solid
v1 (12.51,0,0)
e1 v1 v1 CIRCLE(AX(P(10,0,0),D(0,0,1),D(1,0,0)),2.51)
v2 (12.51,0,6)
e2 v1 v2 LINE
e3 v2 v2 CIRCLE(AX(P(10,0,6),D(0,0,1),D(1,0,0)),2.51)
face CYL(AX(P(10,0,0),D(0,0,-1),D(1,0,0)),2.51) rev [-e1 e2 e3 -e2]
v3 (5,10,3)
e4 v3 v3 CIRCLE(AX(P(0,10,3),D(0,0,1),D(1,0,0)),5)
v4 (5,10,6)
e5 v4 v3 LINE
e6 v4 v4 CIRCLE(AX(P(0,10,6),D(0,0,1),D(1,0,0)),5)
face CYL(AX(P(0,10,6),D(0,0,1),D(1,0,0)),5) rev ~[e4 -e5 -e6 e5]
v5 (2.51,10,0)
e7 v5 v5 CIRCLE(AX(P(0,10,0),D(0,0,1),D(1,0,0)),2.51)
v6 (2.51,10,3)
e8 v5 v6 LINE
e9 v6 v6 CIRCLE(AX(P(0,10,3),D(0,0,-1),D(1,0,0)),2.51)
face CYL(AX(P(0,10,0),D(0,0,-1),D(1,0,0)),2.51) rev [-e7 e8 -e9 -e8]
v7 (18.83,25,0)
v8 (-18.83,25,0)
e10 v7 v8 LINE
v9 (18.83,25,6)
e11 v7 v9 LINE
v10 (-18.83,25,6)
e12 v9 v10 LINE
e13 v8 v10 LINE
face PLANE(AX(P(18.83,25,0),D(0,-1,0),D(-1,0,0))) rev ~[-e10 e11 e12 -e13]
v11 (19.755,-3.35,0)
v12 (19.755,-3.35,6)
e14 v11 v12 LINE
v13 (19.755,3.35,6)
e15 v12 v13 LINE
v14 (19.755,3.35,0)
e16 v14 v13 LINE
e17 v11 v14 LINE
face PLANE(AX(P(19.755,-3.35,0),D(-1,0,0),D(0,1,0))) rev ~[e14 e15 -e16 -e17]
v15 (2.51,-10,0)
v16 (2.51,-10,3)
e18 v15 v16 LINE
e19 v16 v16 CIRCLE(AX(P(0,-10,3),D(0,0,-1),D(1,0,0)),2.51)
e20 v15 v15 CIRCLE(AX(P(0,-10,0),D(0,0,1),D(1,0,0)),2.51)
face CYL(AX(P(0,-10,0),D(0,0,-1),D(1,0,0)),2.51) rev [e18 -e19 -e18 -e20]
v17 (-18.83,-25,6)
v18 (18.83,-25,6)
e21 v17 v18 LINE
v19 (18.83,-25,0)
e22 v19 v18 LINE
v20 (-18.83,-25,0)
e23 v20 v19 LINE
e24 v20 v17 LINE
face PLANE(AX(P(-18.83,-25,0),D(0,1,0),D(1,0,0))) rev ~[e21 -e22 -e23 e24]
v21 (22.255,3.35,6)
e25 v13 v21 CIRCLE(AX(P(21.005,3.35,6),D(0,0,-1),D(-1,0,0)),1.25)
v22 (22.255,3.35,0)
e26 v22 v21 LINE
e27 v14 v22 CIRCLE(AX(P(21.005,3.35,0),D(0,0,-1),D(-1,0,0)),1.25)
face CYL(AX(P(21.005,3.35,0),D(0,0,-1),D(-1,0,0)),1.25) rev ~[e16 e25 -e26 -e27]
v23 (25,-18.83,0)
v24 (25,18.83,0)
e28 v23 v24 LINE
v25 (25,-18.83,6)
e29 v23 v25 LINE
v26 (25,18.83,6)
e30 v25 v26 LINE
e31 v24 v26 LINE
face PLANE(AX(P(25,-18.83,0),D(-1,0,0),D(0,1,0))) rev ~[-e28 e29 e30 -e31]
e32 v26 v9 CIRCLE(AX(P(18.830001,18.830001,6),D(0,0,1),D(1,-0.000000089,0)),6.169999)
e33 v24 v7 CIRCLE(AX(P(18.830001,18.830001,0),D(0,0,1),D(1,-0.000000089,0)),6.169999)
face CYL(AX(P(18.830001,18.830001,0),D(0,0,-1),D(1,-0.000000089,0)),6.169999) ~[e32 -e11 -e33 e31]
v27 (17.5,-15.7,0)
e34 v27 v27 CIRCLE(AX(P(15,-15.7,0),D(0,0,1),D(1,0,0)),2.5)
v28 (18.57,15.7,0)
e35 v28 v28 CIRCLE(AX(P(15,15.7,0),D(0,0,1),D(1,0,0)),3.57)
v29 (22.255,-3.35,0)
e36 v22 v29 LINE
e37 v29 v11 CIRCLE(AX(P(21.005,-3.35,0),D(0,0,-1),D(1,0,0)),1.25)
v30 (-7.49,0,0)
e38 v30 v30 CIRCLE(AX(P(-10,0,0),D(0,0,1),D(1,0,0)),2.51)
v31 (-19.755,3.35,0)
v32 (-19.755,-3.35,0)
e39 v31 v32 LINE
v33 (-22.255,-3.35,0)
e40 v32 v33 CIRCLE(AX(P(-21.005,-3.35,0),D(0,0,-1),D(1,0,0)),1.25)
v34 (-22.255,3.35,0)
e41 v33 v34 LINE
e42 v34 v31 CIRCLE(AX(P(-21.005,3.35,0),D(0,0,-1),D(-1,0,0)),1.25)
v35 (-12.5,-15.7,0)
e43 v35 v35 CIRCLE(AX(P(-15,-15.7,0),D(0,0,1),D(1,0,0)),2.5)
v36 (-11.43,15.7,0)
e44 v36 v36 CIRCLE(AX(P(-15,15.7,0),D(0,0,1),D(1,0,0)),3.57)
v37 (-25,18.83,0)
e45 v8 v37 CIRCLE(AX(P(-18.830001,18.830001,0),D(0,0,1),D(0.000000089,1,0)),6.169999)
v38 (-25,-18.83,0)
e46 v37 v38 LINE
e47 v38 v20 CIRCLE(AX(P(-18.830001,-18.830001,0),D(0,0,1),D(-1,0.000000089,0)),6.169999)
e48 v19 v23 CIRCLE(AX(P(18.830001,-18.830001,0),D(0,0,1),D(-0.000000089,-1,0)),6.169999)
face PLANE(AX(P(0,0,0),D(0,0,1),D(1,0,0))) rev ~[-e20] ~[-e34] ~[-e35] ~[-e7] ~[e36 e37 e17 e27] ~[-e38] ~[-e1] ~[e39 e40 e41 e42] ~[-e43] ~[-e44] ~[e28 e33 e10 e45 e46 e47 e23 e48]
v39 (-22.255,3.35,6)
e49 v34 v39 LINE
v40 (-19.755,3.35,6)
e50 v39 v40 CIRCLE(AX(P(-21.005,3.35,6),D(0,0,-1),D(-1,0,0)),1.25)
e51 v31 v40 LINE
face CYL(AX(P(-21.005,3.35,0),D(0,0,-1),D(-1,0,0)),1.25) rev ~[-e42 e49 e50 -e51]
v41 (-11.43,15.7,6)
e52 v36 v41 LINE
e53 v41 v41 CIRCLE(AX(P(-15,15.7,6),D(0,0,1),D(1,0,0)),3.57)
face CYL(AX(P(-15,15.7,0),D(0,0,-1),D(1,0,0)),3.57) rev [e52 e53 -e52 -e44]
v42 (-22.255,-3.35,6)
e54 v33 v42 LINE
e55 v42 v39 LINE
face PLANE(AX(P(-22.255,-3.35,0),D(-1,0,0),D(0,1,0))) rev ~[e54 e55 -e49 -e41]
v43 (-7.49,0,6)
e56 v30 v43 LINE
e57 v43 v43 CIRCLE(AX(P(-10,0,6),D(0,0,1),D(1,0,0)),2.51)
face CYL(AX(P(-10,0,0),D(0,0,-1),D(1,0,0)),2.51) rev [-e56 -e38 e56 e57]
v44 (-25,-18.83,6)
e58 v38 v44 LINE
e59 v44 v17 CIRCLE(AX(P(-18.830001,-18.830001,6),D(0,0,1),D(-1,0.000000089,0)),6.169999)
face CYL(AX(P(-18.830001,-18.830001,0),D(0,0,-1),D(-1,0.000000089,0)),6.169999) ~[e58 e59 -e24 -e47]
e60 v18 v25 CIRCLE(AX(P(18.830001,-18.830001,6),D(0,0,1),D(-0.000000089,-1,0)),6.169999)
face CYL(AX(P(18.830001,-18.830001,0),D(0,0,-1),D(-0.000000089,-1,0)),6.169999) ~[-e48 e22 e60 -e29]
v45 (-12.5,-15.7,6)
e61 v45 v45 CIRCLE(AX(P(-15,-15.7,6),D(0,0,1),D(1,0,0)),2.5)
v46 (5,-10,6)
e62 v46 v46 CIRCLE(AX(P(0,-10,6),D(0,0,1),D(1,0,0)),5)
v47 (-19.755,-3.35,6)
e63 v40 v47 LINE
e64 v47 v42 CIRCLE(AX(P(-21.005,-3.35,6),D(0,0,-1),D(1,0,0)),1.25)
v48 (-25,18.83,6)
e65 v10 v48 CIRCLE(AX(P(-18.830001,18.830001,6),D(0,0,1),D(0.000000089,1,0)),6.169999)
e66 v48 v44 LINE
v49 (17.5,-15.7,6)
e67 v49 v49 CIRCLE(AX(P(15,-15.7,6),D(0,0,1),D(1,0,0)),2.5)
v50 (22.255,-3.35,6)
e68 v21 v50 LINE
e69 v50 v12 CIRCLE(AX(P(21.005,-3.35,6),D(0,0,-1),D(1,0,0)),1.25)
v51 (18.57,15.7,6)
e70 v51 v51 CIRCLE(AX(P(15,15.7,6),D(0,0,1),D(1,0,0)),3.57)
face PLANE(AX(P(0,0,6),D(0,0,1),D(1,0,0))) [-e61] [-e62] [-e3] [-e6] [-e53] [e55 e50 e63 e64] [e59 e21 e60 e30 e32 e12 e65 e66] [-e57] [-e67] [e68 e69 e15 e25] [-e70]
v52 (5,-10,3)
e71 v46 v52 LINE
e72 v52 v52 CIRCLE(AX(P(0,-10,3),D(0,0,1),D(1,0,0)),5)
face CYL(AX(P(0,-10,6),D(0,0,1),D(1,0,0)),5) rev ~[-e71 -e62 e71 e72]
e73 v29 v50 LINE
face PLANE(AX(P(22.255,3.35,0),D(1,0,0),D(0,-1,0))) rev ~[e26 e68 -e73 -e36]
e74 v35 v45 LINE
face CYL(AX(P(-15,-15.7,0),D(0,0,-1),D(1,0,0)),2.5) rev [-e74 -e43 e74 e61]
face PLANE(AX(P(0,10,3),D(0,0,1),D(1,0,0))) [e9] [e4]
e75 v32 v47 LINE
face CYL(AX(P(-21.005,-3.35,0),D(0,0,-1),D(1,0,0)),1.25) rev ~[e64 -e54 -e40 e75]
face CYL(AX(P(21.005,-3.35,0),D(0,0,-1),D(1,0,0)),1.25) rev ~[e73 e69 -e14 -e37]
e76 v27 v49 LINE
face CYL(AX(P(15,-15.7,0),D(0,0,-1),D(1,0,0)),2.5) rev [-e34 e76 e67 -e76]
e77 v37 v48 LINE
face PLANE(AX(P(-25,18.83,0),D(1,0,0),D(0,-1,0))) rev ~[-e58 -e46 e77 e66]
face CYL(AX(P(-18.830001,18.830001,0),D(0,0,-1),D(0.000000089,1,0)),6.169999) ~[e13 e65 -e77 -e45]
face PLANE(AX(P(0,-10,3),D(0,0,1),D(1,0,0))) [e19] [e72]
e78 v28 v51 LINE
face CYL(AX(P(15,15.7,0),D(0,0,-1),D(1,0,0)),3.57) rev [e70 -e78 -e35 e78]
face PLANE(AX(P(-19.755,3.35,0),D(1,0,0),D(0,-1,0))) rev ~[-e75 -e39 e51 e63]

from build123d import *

# Parameters (mm, degrees)
F0_R     = 2.5
F0_R_2   = 2.51
F0_R_3   = 3.57
F1_DEPTH = 6
F2_R     = 5
F3_DEPTH = 3


with BuildPart() as f1:
    # F0 (on Top) → F1 (new body)
    with BuildSketch(Plane.XY):
        with BuildLine():
            Line((18.83, 25), (-18.83, 25))
            ThreePointArc((-18.83, 25), (-23.192849, 23.192849), (-25, 18.83))
            Line((-25, 18.83), (-25, -18.83))
            ThreePointArc((-25, -18.83), (-23.192849, -23.192849), (-18.83, -25))
            Line((-18.83, -25), (18.83, -25))
            ThreePointArc((18.83, -25), (23.192849, -23.192849), (25, -18.83))
            Line((25, -18.83), (25, 18.83))
            ThreePointArc((25, 18.83), (23.192849, 23.192849), (18.83, 25))
        make_face()
        with Locations((-15, -15.7)):
            Circle(F0_R, mode=Mode.SUBTRACT)
        with Locations((15, -15.7)):
            Circle(F0_R, mode=Mode.SUBTRACT)
        with Locations((0, -10)):
            Circle(F0_R_2, mode=Mode.SUBTRACT)
        with BuildLine():
            Line((-22.255, -3.35), (-22.255, 3.35))
            ThreePointArc((-22.255, 3.35), (-21.005, 4.6), (-19.755, 3.35))
            Line((-19.755, 3.35), (-19.755, -3.35))
            ThreePointArc((-19.755, -3.35), (-21.005, -4.6), (-22.255, -3.35))
        make_face(mode=Mode.SUBTRACT)
        with Locations((-10, 0)):
            Circle(F0_R_2, mode=Mode.SUBTRACT)
        with Locations((-15, 15.7)):
            Circle(F0_R_3, mode=Mode.SUBTRACT)
        with Locations((10, 0)):
            Circle(F0_R_2, mode=Mode.SUBTRACT)
        with Locations((0, 10)):
            Circle(F0_R_2, mode=Mode.SUBTRACT)
        with BuildLine():
            Line((19.755, -3.35), (19.755, 3.35))
            ThreePointArc((19.755, 3.35), (21.005, 4.6), (22.255, 3.35))
            Line((22.255, 3.35), (22.255, -3.35))
            ThreePointArc((22.255, -3.35), (21.005, -4.6), (19.755, -3.35))
        make_face(mode=Mode.SUBTRACT)
        with Locations((15, 15.7)):
            Circle(F0_R_3, mode=Mode.SUBTRACT)
    extrude(amount=F1_DEPTH)

    # F2 (on face) → F3 (cut)
    with BuildSketch(Plane.XY.offset(6)):
        with Locations((0, 10)):
            Circle(F2_R)
        with Locations((0, -10)):
            Circle(F2_R)
    extrude(amount=-F3_DEPTH, mode=Mode.SUBTRACT)


solid = f1.part
